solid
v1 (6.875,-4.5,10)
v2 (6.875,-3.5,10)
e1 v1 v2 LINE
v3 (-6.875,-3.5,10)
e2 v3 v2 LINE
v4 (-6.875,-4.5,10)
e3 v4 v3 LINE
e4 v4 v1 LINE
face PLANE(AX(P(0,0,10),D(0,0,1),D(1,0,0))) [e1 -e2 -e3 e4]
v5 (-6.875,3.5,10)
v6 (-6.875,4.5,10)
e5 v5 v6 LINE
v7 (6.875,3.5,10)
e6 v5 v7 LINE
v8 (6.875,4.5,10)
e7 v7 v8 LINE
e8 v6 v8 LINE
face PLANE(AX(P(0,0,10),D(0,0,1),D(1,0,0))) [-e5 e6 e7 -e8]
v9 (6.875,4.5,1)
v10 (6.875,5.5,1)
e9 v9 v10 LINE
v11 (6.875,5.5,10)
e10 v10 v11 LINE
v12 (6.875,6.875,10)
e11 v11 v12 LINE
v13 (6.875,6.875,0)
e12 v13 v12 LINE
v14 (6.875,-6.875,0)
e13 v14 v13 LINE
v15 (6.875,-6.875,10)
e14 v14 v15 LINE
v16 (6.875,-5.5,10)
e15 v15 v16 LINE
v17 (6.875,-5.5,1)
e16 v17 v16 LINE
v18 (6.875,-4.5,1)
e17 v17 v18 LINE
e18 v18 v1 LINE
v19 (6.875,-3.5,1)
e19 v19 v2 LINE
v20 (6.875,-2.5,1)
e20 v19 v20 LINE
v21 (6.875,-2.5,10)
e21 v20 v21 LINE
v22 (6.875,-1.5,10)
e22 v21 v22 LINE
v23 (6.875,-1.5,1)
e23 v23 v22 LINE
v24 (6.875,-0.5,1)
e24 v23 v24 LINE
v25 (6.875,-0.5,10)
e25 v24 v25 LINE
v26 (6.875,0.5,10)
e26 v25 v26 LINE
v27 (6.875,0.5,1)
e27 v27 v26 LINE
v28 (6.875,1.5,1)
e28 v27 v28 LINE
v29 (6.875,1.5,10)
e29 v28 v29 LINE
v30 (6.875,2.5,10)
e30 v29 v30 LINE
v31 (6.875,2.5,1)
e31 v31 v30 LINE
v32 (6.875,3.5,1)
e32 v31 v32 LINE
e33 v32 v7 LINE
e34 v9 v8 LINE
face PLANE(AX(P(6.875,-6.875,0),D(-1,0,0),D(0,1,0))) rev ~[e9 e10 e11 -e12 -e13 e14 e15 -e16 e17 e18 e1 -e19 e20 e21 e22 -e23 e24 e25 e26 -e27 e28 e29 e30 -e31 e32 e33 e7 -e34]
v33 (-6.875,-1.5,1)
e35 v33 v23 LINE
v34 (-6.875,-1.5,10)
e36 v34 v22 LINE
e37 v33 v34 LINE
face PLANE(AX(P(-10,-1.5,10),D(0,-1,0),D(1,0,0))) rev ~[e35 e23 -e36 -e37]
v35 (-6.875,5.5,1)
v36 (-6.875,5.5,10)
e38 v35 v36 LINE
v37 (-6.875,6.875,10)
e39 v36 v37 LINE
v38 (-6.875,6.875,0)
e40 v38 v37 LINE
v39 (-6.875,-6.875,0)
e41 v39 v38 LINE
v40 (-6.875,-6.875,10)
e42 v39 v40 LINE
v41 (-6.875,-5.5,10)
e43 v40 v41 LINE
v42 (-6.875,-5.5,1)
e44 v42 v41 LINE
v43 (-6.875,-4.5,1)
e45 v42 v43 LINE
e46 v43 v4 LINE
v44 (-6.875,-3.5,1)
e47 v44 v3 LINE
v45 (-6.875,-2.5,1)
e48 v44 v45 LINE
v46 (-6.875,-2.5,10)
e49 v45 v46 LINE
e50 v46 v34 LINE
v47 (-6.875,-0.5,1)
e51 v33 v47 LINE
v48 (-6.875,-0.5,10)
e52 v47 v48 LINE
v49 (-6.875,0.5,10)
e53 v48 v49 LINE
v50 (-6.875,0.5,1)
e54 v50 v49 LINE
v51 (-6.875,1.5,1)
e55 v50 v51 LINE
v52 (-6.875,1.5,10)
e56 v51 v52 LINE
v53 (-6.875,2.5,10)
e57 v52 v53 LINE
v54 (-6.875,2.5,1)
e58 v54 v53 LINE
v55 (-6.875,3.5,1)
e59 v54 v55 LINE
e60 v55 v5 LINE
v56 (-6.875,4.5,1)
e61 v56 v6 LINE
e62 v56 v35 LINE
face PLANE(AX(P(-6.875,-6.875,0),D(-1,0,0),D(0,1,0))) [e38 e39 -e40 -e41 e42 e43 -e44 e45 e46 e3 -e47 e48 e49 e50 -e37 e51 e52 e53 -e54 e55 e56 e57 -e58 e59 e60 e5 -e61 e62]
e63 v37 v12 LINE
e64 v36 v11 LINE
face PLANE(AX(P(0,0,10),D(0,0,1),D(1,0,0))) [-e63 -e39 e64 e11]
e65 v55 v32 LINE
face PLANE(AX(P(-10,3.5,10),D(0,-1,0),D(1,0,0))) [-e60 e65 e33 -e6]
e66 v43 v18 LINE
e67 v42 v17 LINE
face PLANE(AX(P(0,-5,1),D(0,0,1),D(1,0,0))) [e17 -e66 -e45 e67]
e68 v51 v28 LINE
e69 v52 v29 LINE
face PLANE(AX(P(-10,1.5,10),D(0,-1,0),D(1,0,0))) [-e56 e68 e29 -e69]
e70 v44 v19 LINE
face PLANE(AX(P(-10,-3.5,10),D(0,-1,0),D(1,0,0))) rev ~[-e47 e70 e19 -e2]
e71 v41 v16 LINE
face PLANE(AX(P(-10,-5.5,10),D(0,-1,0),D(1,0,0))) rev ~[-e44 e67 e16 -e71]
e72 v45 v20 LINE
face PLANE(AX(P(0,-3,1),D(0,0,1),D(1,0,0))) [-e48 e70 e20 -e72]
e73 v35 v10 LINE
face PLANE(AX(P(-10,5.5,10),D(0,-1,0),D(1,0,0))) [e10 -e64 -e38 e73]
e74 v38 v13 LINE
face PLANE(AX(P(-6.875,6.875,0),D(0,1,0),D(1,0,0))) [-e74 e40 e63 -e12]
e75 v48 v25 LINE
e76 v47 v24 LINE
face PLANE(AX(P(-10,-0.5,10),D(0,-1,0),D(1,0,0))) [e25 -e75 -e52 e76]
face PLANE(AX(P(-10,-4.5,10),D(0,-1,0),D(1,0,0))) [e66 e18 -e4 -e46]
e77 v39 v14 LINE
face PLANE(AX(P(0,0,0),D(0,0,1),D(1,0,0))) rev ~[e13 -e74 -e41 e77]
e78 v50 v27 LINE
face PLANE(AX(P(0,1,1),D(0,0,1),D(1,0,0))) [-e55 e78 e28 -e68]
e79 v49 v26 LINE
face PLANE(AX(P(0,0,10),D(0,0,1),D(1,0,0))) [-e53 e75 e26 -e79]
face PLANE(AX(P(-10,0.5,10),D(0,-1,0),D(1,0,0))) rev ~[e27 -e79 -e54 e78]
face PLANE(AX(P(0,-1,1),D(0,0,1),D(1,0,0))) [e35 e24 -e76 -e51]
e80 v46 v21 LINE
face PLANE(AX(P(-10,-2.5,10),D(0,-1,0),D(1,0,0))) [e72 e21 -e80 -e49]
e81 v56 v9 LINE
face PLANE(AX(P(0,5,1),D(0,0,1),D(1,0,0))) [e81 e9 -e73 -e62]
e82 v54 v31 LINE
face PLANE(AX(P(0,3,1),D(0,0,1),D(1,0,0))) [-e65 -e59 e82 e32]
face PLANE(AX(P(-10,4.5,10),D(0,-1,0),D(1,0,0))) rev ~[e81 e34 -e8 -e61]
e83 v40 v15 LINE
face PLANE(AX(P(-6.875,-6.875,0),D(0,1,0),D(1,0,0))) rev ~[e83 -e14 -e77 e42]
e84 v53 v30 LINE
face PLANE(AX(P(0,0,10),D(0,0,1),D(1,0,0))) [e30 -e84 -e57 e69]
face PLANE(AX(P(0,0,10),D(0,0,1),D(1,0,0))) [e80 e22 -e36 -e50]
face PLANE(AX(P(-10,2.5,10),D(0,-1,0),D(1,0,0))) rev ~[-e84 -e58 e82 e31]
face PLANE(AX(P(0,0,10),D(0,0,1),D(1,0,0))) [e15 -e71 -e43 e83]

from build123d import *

# Parameters (mm, degrees)
SKETCH072_W            = 13.75
SKETCH072_H            = 13.75
PAD039_DEPTH           = 10
SKETCH073_W            = 20
SKETCH073_H            = 1
POCKET034_DEPTH        = 9
LINEARPATTERN001_COUNT = 6
LINEARPATTERN001_PITCH = 2


with BuildPart() as part:
    # Sketch072 → Pad039 (new body)
    with BuildSketch(Plane.XY):
        Rectangle(SKETCH072_W, SKETCH072_H)
    extrude(amount=PAD039_DEPTH)

    # Sketch073 → Pocket034 (cut)
    with BuildSketch(Plane(origin=(0, -5, 10), x_dir=(1, 0, 0), z_dir=(0, 0, 1))):
        Rectangle(SKETCH073_W, SKETCH073_H)
    pocket034 = extrude(amount=-POCKET034_DEPTH, mode=Mode.SUBTRACT)

    # LinearPattern001: Pocket034 ×6
    with Locations(*[(0, i * LINEARPATTERN001_PITCH, 0) for i in range(1, LINEARPATTERN001_COUNT)]):
        add(pocket034, mode=Mode.SUBTRACT)


solid = part.part
